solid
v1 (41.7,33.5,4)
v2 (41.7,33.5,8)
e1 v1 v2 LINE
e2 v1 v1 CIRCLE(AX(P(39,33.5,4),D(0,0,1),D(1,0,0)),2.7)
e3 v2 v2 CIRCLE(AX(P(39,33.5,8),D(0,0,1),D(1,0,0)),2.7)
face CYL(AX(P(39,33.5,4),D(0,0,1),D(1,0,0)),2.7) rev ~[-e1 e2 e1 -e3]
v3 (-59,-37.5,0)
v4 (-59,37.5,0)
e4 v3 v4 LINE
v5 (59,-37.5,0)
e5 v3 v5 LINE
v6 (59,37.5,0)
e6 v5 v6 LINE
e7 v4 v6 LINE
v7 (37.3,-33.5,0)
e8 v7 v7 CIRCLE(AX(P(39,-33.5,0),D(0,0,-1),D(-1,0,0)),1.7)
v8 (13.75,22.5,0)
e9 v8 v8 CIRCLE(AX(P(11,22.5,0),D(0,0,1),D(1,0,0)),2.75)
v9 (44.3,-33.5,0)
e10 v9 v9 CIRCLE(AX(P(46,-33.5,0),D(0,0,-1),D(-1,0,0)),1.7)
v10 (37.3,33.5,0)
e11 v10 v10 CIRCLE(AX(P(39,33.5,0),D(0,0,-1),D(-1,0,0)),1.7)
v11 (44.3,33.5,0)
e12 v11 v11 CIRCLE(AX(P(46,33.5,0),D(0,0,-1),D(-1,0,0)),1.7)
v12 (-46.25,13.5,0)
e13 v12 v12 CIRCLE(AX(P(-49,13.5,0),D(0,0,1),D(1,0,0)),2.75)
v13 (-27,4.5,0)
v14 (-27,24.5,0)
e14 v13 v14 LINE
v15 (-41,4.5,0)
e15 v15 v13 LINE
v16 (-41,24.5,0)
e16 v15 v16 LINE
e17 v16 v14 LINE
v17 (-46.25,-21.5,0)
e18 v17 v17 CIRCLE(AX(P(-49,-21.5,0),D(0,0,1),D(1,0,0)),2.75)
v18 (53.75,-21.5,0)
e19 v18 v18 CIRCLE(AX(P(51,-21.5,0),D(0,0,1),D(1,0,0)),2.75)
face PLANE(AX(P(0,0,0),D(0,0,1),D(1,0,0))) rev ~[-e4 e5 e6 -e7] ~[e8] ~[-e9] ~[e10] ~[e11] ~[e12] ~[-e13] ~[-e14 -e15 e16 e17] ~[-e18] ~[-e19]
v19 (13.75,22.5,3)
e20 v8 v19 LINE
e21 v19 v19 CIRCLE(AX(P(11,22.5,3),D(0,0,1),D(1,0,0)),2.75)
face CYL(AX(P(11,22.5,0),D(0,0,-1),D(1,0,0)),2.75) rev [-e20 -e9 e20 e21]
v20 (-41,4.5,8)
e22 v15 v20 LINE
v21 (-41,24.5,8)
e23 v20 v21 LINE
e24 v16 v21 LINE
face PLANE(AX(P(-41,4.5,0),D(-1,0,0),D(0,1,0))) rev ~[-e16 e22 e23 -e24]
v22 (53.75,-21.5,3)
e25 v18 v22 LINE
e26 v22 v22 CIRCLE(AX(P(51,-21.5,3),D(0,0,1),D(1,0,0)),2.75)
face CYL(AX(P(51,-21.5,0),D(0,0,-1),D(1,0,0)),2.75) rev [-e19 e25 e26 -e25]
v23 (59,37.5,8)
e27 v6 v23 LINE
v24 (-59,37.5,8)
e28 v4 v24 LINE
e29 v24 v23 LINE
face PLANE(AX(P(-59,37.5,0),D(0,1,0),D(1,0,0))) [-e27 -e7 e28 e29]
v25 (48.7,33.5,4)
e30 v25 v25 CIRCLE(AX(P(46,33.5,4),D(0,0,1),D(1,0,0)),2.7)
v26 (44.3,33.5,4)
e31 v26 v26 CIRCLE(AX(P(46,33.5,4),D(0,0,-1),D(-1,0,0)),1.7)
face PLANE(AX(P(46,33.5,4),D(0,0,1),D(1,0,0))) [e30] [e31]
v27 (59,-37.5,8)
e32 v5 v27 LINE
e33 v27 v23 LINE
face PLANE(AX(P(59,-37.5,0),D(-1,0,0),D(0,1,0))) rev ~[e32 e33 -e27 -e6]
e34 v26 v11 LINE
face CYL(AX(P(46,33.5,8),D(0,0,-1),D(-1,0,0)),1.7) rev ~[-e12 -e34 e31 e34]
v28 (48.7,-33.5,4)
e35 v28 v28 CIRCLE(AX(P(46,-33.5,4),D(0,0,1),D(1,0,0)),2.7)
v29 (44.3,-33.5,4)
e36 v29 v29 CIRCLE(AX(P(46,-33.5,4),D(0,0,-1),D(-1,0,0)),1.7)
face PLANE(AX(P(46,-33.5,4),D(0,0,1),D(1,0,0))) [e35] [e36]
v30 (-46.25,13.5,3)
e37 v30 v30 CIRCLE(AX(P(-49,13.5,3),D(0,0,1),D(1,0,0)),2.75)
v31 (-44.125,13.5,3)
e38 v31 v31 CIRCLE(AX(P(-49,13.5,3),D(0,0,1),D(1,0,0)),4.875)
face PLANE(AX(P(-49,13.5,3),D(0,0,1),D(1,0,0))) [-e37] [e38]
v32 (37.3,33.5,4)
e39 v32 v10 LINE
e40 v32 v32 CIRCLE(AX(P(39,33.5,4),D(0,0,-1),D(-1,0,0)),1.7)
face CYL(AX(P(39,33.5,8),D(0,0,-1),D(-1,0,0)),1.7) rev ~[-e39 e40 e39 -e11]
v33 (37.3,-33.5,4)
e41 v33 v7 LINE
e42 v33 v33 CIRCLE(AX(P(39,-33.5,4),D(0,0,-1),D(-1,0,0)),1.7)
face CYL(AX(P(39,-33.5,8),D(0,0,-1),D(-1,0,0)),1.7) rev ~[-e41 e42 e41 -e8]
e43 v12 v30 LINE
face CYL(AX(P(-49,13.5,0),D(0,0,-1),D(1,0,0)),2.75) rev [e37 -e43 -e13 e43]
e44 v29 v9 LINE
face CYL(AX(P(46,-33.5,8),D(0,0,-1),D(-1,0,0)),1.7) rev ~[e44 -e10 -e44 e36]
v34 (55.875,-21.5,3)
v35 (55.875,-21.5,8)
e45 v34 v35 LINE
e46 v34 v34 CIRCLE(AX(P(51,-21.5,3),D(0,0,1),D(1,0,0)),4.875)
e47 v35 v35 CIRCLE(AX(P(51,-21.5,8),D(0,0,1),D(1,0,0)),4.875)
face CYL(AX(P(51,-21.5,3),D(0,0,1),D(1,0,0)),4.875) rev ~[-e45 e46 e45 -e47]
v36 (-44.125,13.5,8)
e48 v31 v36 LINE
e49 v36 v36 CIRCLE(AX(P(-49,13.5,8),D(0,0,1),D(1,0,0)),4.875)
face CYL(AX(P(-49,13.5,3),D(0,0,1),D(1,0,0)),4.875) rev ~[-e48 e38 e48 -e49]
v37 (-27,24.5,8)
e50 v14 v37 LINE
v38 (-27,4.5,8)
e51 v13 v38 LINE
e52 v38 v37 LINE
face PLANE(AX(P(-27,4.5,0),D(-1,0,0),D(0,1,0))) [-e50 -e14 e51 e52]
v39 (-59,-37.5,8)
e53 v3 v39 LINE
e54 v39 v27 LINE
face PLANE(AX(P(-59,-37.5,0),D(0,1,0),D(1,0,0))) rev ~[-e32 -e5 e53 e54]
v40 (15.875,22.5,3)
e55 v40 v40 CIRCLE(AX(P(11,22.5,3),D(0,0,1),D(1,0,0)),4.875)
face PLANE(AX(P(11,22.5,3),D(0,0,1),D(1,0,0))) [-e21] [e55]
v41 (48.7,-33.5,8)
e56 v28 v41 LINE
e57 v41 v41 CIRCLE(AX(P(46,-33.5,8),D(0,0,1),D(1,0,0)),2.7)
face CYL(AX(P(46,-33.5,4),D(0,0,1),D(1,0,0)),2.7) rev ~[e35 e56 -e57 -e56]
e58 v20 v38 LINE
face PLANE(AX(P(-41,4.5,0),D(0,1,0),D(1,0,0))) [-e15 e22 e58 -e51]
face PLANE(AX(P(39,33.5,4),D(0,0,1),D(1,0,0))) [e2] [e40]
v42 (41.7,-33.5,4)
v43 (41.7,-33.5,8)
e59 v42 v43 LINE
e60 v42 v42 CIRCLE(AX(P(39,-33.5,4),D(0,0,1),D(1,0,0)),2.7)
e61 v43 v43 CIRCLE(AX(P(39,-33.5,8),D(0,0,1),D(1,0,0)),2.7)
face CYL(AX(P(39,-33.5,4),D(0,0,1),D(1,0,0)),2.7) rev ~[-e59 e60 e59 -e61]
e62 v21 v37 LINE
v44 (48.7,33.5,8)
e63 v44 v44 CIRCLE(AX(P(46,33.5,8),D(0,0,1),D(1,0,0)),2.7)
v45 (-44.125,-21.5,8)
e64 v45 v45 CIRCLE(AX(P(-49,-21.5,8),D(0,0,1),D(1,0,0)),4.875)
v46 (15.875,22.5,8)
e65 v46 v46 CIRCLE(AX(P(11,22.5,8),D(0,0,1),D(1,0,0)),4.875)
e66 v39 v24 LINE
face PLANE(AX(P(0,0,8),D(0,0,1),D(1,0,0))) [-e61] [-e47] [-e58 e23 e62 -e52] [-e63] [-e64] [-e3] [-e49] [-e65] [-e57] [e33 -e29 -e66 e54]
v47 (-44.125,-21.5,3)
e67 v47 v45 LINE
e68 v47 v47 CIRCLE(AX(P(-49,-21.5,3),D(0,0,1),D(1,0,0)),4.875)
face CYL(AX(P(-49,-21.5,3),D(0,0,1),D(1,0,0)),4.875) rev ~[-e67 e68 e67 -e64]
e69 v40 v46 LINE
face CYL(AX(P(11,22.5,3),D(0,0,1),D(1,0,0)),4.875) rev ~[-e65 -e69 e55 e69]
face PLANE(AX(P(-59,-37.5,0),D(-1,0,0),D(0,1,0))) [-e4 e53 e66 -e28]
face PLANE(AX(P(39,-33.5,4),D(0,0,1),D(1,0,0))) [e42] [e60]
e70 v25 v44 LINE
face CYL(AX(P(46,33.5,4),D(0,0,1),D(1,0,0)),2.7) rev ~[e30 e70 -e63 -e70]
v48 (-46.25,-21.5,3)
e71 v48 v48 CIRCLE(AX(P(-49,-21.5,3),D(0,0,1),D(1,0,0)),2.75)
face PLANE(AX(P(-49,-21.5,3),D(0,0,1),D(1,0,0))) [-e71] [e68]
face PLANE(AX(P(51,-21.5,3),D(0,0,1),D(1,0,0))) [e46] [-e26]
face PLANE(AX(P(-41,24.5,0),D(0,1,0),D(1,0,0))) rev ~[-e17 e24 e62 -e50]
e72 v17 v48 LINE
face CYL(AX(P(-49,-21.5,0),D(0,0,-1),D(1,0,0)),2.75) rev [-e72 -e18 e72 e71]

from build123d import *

# Parameters (mm, degrees)
F0_W           = 118
F0_H           = 75
F0_R           = 2.75
F0_R_2         = 1.6
F0_W_2         = 14
F0_H_2         = 20
F1_DEPTH       = 8
F3_D           = 5.5
F3_DEPTH       = 8
F3_CBORE_D     = 9.75
F3_CBORE_DEPTH = 5
F4_D           = 3.4
F4_DEPTH       = 8
F4_CBORE_D     = 5.4
F4_CBORE_DEPTH = 4


with BuildPart() as f1:
    # F0 (on Top) → F1 (new body)
    with BuildSketch(Plane.XY):
        Rectangle(F0_W, F0_H)
        with Locations((-49, -21.5)):
            Circle(F0_R, mode=Mode.SUBTRACT)
        with Locations((39, -33.5)):
            Circle(F0_R_2, mode=Mode.SUBTRACT)
        with Locations((46, -33.5)):
            Circle(F0_R_2, mode=Mode.SUBTRACT)
        with Locations((51, -21.5)):
            Circle(F0_R, mode=Mode.SUBTRACT)
        with Locations((-49, 13.5)):
            Circle(F0_R, mode=Mode.SUBTRACT)
        with Locations((-34, 14.5)):
            Rectangle(F0_W_2, F0_H_2, mode=Mode.SUBTRACT)
        with Locations((11, 22.5)):
            Circle(F0_R, mode=Mode.SUBTRACT)
        with Locations((39, 33.5)):
            Circle(F0_R_2, mode=Mode.SUBTRACT)
        with Locations((46, 33.5)):
            Circle(F0_R_2, mode=Mode.SUBTRACT)
    extrude(amount=F1_DEPTH)

    # F3
    with Locations(Plane.XY.offset(8)):
        with Locations((-49, 13.5), (11, 22.5), (51, -21.5), (-49, -21.5)):
            CounterBoreHole(F3_D / 2, F3_CBORE_D / 2, F3_CBORE_DEPTH, depth=F3_DEPTH)

    # F4
    with Locations(Plane.XY.offset(8)):
        with Locations((39, -33.5), (46, -33.5), (39, 33.5), (46, 33.5)):
            CounterBoreHole(F4_D / 2, F4_CBORE_D / 2, F4_CBORE_DEPTH, depth=F4_DEPTH)


solid = f1.part
